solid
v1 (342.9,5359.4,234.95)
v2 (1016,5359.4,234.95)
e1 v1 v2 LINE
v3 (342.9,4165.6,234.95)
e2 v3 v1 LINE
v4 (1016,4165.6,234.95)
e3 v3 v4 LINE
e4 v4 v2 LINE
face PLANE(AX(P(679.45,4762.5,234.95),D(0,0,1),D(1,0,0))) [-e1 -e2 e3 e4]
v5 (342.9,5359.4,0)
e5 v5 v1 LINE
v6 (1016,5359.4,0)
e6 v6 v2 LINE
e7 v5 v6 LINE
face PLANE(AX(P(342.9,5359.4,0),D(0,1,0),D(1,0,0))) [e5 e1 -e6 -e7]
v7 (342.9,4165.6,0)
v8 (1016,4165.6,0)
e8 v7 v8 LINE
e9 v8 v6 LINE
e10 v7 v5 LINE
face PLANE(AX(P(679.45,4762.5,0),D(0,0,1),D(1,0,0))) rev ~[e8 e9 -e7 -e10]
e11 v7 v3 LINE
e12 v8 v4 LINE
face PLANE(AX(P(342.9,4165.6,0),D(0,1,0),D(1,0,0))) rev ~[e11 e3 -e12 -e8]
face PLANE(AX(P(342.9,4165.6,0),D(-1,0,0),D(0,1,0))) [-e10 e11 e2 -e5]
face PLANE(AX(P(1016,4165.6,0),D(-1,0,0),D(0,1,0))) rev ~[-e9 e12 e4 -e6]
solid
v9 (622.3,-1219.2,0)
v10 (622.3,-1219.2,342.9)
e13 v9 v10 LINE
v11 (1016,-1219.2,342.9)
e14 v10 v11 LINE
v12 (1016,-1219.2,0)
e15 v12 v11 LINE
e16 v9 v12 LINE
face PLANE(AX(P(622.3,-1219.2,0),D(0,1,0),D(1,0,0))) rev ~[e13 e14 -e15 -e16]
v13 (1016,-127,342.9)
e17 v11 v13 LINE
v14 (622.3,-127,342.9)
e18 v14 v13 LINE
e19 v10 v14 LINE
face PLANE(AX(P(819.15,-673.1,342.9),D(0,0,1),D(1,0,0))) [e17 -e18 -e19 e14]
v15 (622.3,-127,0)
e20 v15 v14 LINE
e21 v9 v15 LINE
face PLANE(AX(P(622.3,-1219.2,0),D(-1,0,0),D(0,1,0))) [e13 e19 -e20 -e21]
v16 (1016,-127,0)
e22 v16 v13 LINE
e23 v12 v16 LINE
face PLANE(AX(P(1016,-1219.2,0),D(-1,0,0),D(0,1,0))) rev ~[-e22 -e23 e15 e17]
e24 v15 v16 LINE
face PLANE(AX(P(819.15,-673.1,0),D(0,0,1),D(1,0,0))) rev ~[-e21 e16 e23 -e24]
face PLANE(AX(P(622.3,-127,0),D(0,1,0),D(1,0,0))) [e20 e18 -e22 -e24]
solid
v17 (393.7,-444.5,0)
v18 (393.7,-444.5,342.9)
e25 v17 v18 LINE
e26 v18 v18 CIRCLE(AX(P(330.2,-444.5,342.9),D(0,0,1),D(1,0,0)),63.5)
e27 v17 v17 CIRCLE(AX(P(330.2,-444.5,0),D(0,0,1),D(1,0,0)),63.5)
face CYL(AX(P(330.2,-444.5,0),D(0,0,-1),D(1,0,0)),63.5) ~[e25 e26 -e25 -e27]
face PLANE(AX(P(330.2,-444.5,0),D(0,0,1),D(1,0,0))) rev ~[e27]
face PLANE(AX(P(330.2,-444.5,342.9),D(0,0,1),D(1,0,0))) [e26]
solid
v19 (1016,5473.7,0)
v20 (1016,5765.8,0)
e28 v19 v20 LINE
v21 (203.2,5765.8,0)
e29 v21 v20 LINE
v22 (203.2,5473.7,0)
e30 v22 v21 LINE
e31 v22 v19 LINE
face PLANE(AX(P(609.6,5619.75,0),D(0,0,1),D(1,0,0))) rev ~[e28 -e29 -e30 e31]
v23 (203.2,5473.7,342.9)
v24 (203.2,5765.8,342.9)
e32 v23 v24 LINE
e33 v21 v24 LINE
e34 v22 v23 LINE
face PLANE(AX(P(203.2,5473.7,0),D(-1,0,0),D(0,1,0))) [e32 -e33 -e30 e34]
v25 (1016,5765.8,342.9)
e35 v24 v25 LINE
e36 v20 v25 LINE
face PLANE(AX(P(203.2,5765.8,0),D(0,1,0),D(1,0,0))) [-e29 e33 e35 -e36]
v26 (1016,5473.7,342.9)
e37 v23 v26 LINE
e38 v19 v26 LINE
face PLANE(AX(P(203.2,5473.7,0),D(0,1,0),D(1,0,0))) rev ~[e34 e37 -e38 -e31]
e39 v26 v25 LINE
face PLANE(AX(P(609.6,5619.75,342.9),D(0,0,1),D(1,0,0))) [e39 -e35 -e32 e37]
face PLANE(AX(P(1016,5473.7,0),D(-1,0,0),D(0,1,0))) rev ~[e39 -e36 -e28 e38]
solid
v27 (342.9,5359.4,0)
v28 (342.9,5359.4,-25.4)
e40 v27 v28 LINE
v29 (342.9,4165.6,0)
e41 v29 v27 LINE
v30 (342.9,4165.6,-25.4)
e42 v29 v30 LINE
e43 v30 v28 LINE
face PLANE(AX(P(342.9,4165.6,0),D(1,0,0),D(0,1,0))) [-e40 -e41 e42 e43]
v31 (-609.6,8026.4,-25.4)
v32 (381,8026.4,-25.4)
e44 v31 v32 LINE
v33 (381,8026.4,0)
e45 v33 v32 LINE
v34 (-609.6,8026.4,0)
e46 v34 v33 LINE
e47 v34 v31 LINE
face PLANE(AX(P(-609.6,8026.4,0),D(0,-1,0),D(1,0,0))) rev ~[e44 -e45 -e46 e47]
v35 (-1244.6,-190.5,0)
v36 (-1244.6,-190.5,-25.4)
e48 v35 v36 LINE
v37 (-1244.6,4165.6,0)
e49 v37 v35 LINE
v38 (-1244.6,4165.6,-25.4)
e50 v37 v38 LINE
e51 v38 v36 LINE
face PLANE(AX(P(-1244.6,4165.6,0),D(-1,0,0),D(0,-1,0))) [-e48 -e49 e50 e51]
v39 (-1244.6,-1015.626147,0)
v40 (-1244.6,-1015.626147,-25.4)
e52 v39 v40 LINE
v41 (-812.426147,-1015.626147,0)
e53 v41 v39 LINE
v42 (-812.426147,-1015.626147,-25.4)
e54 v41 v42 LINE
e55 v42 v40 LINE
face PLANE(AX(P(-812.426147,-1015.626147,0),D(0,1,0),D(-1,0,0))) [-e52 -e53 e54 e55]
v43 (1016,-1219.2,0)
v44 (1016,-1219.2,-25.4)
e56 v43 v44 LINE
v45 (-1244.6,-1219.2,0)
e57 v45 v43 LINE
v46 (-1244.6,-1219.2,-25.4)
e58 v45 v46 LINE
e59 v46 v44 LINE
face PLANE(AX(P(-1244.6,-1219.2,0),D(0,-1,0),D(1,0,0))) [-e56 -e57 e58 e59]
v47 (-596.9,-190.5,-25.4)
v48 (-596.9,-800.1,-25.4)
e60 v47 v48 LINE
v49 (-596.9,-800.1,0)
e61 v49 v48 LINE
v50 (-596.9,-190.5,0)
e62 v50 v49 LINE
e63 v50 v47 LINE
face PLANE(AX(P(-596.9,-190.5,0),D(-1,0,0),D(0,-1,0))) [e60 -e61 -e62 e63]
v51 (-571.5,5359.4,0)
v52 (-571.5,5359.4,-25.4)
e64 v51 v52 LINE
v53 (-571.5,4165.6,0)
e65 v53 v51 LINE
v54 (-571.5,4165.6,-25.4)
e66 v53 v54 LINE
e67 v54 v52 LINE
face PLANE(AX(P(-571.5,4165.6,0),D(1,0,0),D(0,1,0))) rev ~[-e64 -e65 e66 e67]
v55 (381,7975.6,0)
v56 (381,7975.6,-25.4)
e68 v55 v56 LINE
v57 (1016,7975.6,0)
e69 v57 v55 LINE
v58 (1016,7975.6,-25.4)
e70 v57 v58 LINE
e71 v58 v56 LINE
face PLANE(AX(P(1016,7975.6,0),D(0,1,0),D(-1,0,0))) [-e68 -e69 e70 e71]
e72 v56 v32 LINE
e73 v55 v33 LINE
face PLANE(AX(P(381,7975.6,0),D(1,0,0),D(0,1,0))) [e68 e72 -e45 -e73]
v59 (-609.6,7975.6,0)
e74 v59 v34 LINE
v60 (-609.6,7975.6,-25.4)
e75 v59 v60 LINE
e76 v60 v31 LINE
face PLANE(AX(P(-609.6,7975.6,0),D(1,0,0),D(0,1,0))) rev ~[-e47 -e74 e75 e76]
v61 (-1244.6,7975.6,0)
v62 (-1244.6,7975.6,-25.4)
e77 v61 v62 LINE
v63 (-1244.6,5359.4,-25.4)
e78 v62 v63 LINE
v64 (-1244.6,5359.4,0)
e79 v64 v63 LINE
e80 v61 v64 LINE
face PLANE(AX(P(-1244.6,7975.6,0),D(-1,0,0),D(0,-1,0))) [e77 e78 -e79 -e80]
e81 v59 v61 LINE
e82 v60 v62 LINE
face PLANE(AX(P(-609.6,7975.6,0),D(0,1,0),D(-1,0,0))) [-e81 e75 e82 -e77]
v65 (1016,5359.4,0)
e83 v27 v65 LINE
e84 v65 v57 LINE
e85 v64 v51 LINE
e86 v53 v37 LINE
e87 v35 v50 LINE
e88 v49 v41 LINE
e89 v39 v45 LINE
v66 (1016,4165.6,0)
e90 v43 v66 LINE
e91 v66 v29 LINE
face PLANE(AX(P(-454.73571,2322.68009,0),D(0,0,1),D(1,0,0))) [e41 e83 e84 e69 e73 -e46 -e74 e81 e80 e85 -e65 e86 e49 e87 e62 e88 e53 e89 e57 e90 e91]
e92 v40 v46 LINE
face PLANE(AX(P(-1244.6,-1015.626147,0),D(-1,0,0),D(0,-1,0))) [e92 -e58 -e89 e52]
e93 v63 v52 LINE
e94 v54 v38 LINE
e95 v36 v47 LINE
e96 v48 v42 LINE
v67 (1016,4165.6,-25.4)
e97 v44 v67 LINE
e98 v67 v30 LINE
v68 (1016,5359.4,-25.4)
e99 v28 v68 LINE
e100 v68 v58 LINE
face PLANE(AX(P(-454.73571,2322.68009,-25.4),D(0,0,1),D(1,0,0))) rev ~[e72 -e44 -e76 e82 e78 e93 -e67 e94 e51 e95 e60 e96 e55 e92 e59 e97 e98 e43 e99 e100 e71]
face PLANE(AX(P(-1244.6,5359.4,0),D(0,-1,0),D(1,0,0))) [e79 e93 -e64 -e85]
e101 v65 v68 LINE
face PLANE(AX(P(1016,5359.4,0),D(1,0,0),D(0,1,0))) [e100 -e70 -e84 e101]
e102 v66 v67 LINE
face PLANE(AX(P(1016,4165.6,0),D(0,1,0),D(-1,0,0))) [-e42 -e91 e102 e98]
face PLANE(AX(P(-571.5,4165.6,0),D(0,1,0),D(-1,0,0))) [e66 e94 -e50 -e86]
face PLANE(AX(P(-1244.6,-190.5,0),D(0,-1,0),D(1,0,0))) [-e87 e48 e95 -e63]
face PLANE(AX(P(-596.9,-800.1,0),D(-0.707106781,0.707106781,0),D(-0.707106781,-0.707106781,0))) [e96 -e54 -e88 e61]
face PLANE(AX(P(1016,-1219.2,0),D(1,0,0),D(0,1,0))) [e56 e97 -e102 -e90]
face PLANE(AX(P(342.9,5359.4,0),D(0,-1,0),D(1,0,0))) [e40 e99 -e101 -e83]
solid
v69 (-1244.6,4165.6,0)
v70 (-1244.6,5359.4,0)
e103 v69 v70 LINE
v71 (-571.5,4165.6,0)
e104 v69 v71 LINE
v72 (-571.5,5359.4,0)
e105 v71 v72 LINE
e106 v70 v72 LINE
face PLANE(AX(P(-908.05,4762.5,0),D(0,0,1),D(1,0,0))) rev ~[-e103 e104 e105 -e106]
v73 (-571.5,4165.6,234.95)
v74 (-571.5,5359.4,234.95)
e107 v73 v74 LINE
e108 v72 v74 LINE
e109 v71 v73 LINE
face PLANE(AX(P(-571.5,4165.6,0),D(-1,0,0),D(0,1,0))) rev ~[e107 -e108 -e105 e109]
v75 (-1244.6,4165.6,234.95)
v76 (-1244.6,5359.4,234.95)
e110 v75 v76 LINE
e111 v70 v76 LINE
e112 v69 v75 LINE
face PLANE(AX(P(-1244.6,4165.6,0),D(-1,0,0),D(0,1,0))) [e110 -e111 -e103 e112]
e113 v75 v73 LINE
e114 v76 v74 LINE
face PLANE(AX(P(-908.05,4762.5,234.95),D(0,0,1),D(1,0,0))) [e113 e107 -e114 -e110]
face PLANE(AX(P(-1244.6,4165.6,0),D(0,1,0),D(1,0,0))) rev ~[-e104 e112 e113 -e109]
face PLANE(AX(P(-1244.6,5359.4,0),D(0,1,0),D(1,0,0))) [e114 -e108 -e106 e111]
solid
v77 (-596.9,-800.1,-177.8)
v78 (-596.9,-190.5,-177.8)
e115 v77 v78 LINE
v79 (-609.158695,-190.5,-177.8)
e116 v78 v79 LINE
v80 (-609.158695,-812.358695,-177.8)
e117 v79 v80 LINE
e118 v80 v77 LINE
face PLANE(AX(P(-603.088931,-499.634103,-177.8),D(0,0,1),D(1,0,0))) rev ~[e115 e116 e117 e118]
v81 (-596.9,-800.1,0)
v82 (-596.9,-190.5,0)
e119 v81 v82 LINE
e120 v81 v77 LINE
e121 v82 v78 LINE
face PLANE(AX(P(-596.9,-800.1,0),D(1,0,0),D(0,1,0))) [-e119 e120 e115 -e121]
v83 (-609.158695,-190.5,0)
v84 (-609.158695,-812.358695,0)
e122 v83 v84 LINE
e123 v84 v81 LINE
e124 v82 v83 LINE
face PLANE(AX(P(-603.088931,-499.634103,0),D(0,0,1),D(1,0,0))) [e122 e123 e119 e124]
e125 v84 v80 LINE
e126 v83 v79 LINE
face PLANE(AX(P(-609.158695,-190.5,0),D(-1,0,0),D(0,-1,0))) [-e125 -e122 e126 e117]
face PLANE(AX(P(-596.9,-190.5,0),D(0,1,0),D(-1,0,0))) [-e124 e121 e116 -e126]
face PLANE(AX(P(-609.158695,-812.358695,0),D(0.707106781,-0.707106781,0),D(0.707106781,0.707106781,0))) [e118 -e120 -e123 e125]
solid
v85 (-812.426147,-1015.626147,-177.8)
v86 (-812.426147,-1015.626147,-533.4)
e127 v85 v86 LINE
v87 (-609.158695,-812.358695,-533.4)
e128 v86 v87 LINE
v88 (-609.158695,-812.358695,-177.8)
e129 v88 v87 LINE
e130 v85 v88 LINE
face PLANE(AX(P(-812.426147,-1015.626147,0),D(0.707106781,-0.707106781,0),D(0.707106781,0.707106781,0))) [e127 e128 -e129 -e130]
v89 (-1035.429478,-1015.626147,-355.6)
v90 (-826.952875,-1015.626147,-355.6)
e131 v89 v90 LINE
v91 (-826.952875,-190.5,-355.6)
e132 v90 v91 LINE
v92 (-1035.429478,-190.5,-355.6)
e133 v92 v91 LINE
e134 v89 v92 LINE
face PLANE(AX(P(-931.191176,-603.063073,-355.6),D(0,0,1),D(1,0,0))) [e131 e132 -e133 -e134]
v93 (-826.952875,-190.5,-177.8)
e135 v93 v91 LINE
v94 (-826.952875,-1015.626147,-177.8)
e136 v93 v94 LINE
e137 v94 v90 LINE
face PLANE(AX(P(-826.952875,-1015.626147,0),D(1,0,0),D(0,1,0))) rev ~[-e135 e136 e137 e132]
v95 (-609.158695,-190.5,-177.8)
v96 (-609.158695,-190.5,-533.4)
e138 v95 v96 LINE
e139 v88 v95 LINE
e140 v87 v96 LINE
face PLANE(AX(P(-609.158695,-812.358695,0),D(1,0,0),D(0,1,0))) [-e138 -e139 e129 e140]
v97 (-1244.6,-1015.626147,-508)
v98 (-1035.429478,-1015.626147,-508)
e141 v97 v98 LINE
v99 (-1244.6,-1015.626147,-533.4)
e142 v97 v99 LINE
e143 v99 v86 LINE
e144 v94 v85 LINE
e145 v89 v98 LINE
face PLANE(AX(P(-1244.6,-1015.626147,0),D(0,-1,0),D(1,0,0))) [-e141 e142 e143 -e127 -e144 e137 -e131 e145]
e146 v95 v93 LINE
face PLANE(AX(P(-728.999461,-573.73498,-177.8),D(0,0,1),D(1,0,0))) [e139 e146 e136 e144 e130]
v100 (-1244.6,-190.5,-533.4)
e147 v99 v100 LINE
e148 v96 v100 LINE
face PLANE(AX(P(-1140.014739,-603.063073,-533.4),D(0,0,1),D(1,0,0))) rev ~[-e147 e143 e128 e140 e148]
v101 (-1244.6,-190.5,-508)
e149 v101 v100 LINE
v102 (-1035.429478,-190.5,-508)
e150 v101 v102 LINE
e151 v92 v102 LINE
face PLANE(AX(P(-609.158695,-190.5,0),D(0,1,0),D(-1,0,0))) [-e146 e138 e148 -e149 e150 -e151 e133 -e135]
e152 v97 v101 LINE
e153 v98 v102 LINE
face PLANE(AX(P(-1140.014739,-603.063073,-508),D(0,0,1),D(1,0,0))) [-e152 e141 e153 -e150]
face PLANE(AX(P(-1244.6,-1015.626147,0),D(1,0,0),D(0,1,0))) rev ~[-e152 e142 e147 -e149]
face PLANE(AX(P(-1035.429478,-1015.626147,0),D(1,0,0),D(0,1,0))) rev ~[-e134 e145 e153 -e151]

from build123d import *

# Parameters (mm, degrees)
F0_W      = 1016
F0_H      = 1930.4
F0_W_2    = 914.4
F0_H_2    = 1193.8
F0_W_3    = 990.6
F0_H_3    = 50.8
F1_DEPTH  = 25.4
F0_W_4    = 673.1
F2_DEPTH  = 234.95
F4_W      = 812.8
F4_H      = 292.1
F5_DEPTH  = 342.9
F4_R      = 63.5
F4_W_2    = 393.7
F4_H_2    = 1092.2
F6_DEPTH  = 177.8
F0_W_5    = 209.1705223083
F0_H_4    = 825.1261469057
F0_W_6    = 208.4766030312
F7_DEPTH  = 533.4
F8_DEPTH  = 508
F9_DEPTH  = 355.6
F10_DEPTH = 177.8


with BuildPart() as f1:
    # F0 (on Top) → F1 (new body)
    with BuildSketch(Plane.XY):
        Polygon((-1244.6, 0), (0, 0), (0, 1930.4), (-203.2, 1930.4), (-203.2, 4064), (1016, 4064), (1016, 4165.6), (342.9, 4165.6), (-571.5, 4165.6), (-1244.6, 4165.6), (-1244.6, 1651), (-635, 1270), (-635, 635), (-1244.6, 635), align=None)
        Polygon((-203.2, 1930.4), (0, 1930.4), (1016, 1930.4), (1016, 4064), (-203.2, 4064), align=None)
        with Locations((508, 965.2)):
            Rectangle(F0_W, F0_H)
        Polygon((-1244.6, 1244.6), (-1244.6, 635), (-635, 635), (-635, 1270), (-1244.6, 1651), align=None)
        with Locations((-114.3, 4762.5)):
            Rectangle(F0_W_2, F0_H_2)
        Polygon((342.9, 5359.4), (1016, 5359.4), (1016, 7975.6), (381, 7975.6), (-609.6, 7975.6), (-1244.6, 7975.6), (-1244.6, 5359.4), (-571.5, 5359.4), align=None)
        with Locations((-114.3, 8001)):
            Rectangle(F0_W_3, F0_H_3)
        Polygon((1016, 0), (0, 0), (-1244.6, 0), (-1244.6, -190.5), (-1035.4294776917, -190.5), (-826.9528746605, -190.5), (-609.1586947441, -190.5), (-596.9, -190.5), (-596.9, -800.1), (-609.1586947441, -812.3586947441), (-812.4261469057, -1015.6261469057), (-826.9528746605, -1015.6261469057), (-1035.4294776917, -1015.6261469057), (-1244.6, -1015.6261469057), (-1244.6, -1219.2), (1016, -1219.2), align=None)
    extrude(amount=-F1_DEPTH)


with BuildPart() as f2:
    # F0 (on Top) → F2 (new body)
    with BuildSketch(Plane.XY):
        with Locations((-908.05, 4762.5)):
            Rectangle(F0_W_4, F0_H_2)
    extrude(amount=F2_DEPTH)


with BuildPart() as f2b:
    # F0 (on Top) → F2, piece 2 (new body)
    with BuildSketch(Plane.XY):
        with Locations((679.45, 4762.5)):
            Rectangle(F0_W_4, F0_H_2)
    extrude(amount=F2_DEPTH)


with BuildPart() as f5:
    # F4 (on face) → F5 (new body)
    with BuildSketch(Plane.XY):
        with Locations((609.6, 5619.75)):
            Rectangle(F4_W, F4_H)
    extrude(amount=F5_DEPTH)


with BuildPart() as f5b:
    # F4 (on face) → F5, piece 2 (new body)
    with BuildSketch(Plane.XY):
        with Locations((330.2, -444.5)):
            Circle(F4_R)
    extrude(amount=F5_DEPTH)


with BuildPart() as f5c:
    # F4 (on face) → F5, piece 3 (new body)
    with BuildSketch(Plane.XY):
        with Locations((819.15, -673.1)):
            Rectangle(F4_W_2, F4_H_2)
    extrude(amount=F5_DEPTH)


with BuildPart() as f6:
    # F0 (on Top) → F6 (new body)
    with BuildSketch(Plane.XY):
        Polygon((-596.9, -190.5), (-609.1586947441, -190.5), (-609.1586947441, -812.3586947441), (-596.9, -800.1), align=None)
    extrude(amount=-F6_DEPTH)


with BuildPart() as f7:
    # F0 (on Top) → F7 (new body)
    with BuildSketch(Plane.XY):
        with Locations((-1140.0147388458, -603.0630734528)):
            Rectangle(F0_W_5, F0_H_4)
        with Locations((-931.1911761761, -603.0630734528)):
            Rectangle(F0_W_6, F0_H_4)
        Polygon((-609.1586947441, -190.5), (-826.9528746605, -190.5), (-826.9528746605, -1015.6261469057), (-812.4261469057, -1015.6261469057), (-609.1586947441, -812.3586947441), align=None)
    extrude(amount=-F7_DEPTH)

    # F0 (on Top) → F8 (cut)
    with BuildSketch(Plane.XY):
        with Locations((-1140.0147388458, -603.0630734528)):
            Rectangle(F0_W_5, F0_H_4)
    extrude(amount=-F8_DEPTH, mode=Mode.SUBTRACT)

    # F0 (on Top) → F9 (cut)
    with BuildSketch(Plane.XY):
        with Locations((-931.1911761761, -603.0630734528)):
            Rectangle(F0_W_6, F0_H_4)
    extrude(amount=-F9_DEPTH, mode=Mode.SUBTRACT)

    # F0 (on Top) → F10 (cut)
    with BuildSketch(Plane.XY):
        Polygon((-609.1586947441, -190.5), (-826.9528746605, -190.5), (-826.9528746605, -1015.6261469057), (-812.4261469057, -1015.6261469057), (-609.1586947441, -812.3586947441), align=None)
    extrude(amount=-F10_DEPTH, mode=Mode.SUBTRACT)


solid = Compound([f1.part, f2.part, f2b.part, f5.part, f5b.part, f5c.part, f6.part, f7.part])
